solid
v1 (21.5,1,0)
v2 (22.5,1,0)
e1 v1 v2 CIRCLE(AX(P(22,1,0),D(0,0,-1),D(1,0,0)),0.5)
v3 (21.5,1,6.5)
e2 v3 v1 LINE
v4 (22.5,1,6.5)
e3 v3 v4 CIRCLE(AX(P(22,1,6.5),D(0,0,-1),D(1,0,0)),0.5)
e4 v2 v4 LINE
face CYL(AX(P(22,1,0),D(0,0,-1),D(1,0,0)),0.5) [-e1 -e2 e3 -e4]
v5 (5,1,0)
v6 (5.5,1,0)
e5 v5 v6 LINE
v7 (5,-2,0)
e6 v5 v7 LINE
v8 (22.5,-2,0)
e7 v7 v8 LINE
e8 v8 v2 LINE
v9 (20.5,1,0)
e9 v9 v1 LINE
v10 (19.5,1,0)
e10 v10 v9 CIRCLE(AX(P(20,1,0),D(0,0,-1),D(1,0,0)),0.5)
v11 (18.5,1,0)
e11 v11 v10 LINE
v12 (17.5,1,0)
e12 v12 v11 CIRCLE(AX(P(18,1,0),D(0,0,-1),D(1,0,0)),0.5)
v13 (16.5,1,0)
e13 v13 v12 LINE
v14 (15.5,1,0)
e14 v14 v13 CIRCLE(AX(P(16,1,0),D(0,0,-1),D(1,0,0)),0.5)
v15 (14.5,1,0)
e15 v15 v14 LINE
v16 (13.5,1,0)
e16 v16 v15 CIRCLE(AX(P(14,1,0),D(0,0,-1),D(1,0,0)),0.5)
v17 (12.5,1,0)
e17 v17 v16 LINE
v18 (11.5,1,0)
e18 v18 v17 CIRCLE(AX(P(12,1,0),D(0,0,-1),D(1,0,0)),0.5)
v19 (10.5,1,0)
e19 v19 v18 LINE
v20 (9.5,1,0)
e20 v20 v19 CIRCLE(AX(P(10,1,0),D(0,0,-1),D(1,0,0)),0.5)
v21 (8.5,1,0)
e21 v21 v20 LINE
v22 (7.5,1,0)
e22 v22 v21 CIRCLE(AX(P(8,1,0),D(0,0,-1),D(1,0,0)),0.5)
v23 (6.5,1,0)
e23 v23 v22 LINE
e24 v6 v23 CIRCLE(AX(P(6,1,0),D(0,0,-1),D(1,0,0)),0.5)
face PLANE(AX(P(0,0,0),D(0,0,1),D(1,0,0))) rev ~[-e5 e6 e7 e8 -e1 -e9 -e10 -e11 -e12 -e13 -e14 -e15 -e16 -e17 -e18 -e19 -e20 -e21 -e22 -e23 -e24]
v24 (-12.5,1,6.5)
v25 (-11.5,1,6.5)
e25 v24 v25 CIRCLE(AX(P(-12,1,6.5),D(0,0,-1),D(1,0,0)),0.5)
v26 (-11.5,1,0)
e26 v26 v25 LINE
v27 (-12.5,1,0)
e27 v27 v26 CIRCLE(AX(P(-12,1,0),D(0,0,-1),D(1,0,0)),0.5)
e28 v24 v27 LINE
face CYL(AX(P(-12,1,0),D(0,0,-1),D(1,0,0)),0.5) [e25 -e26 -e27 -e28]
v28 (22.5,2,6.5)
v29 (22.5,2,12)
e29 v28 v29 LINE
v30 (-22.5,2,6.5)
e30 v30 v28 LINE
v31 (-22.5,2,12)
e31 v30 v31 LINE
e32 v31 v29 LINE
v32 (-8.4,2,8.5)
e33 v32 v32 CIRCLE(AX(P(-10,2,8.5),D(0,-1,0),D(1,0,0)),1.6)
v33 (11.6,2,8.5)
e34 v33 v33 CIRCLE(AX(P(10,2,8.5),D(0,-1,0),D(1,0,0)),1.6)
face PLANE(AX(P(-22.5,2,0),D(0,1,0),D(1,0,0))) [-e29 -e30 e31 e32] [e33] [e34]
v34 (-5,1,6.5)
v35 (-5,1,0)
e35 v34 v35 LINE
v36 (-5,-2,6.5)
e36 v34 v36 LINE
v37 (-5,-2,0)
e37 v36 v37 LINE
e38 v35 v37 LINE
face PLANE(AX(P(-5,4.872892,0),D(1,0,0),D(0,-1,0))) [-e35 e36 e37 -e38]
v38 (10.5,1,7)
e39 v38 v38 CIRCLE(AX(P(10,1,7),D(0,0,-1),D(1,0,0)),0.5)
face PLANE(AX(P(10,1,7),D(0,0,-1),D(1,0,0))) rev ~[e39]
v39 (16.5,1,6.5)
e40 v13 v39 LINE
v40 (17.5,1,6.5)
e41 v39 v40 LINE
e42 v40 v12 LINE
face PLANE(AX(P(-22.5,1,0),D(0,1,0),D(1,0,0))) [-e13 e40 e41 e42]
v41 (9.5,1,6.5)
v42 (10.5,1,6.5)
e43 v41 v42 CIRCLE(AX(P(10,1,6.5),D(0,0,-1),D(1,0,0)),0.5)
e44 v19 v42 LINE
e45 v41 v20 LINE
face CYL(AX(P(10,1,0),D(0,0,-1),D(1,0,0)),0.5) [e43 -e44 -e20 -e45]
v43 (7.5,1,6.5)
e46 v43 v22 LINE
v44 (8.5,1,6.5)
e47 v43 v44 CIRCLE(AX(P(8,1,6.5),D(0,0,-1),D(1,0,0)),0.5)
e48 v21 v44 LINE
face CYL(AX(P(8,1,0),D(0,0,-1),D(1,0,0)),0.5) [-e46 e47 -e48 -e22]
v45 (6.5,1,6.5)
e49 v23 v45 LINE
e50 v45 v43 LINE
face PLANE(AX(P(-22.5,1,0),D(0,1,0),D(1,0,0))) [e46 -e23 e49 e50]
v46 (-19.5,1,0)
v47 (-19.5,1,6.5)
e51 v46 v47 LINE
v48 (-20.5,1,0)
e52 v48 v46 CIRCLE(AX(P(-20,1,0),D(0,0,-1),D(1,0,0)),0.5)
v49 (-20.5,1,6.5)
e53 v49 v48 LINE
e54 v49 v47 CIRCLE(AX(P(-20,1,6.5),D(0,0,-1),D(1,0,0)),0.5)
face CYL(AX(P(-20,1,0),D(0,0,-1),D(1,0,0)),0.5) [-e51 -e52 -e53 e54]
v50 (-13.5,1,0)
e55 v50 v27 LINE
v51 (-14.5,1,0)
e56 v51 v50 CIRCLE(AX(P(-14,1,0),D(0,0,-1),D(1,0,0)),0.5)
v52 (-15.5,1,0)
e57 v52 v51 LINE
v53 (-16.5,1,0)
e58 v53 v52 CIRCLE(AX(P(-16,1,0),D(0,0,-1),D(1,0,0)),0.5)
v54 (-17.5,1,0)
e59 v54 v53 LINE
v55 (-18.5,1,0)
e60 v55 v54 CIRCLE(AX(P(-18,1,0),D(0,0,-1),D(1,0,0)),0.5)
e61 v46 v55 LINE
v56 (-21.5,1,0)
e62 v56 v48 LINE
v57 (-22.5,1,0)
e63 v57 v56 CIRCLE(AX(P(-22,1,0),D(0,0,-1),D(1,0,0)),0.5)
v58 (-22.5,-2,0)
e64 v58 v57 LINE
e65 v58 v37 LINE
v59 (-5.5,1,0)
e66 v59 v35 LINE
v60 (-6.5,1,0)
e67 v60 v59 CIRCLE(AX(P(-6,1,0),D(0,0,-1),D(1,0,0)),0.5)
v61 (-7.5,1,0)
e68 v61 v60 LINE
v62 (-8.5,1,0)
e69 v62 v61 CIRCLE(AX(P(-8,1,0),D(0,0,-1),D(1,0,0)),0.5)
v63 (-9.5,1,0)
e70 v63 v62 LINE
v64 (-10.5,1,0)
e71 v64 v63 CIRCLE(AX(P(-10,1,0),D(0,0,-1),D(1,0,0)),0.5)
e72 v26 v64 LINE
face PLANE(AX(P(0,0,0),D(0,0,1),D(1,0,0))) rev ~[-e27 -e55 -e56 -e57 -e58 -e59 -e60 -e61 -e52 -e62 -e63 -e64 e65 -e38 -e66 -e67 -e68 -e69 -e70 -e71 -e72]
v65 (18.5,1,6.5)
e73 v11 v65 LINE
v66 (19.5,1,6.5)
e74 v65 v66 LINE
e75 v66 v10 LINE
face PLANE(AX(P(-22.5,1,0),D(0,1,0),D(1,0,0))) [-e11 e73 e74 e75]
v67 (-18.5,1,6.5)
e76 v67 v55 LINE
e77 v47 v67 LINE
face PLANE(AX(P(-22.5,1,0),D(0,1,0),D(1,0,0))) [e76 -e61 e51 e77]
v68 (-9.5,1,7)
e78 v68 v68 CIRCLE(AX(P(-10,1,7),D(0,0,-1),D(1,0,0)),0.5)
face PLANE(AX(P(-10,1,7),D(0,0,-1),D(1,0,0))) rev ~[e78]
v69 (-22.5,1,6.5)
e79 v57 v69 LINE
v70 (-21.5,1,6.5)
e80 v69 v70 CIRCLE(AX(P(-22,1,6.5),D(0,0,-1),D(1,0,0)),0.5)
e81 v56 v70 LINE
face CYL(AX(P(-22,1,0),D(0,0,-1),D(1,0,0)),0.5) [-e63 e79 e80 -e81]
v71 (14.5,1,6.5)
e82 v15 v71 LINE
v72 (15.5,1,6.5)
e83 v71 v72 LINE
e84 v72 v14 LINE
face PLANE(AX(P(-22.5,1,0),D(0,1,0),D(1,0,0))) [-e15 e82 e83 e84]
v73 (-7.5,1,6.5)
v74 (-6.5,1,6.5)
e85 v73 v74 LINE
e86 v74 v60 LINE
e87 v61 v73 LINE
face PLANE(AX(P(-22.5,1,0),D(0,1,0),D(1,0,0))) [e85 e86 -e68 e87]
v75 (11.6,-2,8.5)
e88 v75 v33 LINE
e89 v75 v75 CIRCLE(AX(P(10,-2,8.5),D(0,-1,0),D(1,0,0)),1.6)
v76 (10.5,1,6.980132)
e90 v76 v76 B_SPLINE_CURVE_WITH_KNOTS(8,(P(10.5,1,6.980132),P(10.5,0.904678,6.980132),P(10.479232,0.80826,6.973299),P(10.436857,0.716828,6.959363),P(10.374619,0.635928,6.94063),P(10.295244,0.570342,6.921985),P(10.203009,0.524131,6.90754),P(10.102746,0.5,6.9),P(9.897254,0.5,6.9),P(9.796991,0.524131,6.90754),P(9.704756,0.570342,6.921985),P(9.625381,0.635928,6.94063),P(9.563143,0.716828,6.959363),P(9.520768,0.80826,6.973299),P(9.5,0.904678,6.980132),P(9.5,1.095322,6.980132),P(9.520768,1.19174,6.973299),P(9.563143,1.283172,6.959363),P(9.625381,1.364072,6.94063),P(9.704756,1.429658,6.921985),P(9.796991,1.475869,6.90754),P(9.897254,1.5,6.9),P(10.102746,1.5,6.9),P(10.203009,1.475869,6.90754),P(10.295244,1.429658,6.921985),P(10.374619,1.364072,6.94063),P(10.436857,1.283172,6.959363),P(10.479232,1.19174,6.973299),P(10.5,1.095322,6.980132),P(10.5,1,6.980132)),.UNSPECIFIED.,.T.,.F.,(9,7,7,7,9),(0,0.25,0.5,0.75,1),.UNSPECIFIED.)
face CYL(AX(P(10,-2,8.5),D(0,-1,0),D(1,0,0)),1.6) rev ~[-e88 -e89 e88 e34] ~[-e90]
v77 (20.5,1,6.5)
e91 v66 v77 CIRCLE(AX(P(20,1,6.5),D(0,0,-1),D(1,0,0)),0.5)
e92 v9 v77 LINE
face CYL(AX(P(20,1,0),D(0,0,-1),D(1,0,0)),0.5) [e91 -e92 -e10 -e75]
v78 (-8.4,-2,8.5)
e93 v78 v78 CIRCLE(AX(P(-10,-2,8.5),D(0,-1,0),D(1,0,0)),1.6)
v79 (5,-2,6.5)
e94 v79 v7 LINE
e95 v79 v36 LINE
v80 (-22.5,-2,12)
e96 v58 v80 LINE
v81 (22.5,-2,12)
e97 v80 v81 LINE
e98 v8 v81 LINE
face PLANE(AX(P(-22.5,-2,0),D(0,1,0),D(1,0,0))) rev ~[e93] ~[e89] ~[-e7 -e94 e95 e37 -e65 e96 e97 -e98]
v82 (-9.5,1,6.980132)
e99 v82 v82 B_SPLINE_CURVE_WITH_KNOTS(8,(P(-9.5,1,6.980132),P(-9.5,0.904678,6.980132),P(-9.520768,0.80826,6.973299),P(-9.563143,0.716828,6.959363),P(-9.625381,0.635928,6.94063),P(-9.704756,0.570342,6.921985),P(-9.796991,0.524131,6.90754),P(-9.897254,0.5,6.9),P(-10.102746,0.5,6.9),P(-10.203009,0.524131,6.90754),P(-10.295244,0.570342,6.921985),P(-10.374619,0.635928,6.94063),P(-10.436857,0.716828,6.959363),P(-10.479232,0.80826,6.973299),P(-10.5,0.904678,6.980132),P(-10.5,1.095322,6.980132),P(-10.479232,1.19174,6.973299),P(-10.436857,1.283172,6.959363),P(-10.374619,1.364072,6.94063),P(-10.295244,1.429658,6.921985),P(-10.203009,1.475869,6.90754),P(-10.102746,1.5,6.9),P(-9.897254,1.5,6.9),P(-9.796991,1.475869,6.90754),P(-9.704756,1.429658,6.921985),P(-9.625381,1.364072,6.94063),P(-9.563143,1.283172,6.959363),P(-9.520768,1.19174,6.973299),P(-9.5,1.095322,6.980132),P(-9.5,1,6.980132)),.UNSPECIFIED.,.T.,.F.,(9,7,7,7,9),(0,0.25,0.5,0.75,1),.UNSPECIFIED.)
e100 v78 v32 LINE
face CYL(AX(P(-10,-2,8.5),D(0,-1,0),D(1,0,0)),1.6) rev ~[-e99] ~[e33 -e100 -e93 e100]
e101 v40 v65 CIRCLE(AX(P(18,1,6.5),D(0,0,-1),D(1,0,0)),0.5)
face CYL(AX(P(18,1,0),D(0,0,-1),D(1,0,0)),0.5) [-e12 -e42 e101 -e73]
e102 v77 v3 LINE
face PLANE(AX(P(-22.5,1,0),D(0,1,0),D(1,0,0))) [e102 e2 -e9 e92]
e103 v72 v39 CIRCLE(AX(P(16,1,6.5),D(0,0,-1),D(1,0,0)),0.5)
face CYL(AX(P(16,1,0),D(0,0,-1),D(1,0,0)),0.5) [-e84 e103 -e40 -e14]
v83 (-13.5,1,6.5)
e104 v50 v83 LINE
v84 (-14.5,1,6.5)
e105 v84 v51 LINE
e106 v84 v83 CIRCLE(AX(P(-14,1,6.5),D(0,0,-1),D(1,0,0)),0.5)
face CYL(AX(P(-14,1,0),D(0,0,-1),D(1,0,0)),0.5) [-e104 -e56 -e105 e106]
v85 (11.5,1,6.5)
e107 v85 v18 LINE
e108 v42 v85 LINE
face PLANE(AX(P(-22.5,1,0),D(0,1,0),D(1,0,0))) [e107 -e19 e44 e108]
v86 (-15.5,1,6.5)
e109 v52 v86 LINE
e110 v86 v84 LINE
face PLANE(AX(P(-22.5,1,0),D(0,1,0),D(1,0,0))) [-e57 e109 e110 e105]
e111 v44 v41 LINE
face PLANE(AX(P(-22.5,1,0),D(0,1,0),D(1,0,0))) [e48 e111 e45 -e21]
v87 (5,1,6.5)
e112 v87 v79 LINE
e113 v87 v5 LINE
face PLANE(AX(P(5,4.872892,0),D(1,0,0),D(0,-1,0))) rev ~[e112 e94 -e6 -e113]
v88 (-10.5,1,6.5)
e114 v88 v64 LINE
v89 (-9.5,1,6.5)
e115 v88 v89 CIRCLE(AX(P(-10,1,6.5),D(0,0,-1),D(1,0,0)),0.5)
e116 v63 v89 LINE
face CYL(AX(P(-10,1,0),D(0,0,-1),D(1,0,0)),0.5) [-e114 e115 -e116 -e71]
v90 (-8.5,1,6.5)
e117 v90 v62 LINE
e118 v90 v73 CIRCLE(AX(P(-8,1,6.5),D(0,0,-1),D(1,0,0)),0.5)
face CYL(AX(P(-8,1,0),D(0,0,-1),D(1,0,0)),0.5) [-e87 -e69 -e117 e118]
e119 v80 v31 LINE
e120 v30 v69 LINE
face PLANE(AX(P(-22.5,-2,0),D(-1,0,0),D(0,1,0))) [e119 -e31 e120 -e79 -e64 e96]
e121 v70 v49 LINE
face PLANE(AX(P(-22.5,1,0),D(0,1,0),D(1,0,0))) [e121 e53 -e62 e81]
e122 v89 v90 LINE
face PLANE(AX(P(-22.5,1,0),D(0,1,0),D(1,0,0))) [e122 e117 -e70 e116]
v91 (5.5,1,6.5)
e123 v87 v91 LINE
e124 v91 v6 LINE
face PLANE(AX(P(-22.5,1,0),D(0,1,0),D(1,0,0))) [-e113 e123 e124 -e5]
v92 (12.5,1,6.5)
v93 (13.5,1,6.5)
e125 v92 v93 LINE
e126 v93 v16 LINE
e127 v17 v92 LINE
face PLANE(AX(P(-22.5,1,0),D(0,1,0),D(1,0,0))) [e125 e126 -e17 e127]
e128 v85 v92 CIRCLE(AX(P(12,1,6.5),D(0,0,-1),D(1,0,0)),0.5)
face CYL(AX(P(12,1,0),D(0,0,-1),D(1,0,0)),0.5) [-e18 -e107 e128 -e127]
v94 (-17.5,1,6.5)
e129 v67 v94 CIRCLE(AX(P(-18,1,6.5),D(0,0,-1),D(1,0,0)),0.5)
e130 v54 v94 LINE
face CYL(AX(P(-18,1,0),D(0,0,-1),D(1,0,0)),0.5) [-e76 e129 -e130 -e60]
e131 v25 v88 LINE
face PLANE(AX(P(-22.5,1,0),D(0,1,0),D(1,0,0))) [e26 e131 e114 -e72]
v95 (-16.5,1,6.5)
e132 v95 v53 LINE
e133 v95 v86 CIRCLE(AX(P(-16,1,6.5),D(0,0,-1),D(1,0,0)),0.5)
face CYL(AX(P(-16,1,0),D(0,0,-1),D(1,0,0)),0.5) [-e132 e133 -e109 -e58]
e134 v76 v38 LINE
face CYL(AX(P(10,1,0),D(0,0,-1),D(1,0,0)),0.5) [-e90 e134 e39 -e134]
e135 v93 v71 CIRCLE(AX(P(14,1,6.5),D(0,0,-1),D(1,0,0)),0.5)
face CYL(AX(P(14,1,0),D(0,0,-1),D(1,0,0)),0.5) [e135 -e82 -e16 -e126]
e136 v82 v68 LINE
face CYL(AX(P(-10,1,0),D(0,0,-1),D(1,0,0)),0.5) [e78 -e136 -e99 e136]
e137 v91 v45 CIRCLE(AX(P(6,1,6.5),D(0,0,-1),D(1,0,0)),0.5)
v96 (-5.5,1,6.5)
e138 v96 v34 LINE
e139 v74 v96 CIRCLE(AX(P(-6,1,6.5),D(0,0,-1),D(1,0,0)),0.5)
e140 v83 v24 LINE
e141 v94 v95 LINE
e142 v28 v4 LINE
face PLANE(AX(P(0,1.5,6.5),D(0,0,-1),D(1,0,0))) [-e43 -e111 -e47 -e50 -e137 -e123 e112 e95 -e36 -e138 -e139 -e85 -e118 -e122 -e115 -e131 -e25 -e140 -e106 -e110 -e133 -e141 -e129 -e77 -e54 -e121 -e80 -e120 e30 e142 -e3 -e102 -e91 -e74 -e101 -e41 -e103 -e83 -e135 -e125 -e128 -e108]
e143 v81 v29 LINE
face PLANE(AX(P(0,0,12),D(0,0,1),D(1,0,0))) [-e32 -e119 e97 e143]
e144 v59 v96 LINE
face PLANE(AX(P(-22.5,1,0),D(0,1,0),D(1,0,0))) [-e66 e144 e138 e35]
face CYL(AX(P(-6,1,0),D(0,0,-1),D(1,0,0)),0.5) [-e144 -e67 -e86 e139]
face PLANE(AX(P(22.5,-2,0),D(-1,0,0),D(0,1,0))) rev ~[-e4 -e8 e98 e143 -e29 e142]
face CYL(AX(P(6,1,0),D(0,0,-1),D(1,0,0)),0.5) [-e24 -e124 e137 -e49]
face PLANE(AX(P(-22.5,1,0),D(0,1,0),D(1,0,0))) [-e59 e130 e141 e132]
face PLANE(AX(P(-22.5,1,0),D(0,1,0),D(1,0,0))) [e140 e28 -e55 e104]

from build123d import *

# Parameters (mm, degrees)
F0_W     = 45
F0_H     = 4
F1_DEPTH = 12
F2_R     = 1.6
F3_DEPTH = 4.001
F4_W     = 45
F4_H     = 1
F5_DEPTH = 6.5
F6_R     = 0.5
F7_DEPTH = 7
F8_W     = 10
F8_H     = 9.745784
F9_DEPTH = 6.5


with BuildPart() as f1:
    # F0 (on Top) → F1 (new body)
    with BuildSketch(Plane.XY):
        Rectangle(F0_W, F0_H)
    extrude(amount=F1_DEPTH)

    # F2 (on face) → F3 (cut, through all)
    with BuildSketch(Plane.XZ.offset(2)):
        with Locations((-10, 8.5)):
            Circle(F2_R)
        with Locations((10, 8.5)):
            Circle(F2_R)
    extrude(amount=-F3_DEPTH, mode=Mode.SUBTRACT)

    # F4 (on face) → F5 (cut)
    with BuildSketch(Plane(origin=(0, 0, 0), x_dir=(1, 0, 0), z_dir=(0, 0, -1))):
        with Locations((0, -1.5)):
            Rectangle(F4_W, F4_H)
    extrude(amount=-F5_DEPTH, mode=Mode.SUBTRACT)

    # F6 (on face) → F7 (join)
    with BuildSketch(Plane(origin=(0, 0, 0), x_dir=(1, 0, 0), z_dir=(0, 0, -1))):
        with Locations((22, -1)):
            Circle(F6_R)
        with Locations((20, -1)):
            Circle(F6_R)
        with Locations((18, -1)):
            Circle(F6_R)
        with Locations((16, -1)):
            Circle(F6_R)
        with Locations((14, -1)):
            Circle(F6_R)
        with Locations((12, -1)):
            Circle(F6_R)
        with Locations((10, -1)):
            Circle(F6_R)
        with Locations((8, -1)):
            Circle(F6_R)
        with Locations((6, -1)):
            Circle(F6_R)
        with Locations((4, -1)):
            Circle(F6_R)
        with Locations((2, -1)):
            Circle(F6_R)
        with Locations((0, -1)):
            Circle(F6_R)
        with Locations((-2, -1)):
            Circle(F6_R)
        with Locations((-4, -1)):
            Circle(F6_R)
        with Locations((-6, -1)):
            Circle(F6_R)
        with Locations((-8, -1)):
            Circle(F6_R)
        with Locations((-10, -1)):
            Circle(F6_R)
        with Locations((-12, -1)):
            Circle(F6_R)
        with Locations((-14, -1)):
            Circle(F6_R)
        with Locations((-16, -1)):
            Circle(F6_R)
        with Locations((-18, -1)):
            Circle(F6_R)
        with Locations((-20, -1)):
            Circle(F6_R)
        with Locations((-22, -1)):
            Circle(F6_R)
    extrude(amount=-F7_DEPTH)

    # F8 (on face) → F9 (cut)
    with BuildSketch(Plane(origin=(0, 0, 0), x_dir=(1, 0, 0), z_dir=(0, 0, -1))):
        Rectangle(F8_W, F8_H)
    extrude(amount=-F9_DEPTH, mode=Mode.SUBTRACT)


solid = f1.part
